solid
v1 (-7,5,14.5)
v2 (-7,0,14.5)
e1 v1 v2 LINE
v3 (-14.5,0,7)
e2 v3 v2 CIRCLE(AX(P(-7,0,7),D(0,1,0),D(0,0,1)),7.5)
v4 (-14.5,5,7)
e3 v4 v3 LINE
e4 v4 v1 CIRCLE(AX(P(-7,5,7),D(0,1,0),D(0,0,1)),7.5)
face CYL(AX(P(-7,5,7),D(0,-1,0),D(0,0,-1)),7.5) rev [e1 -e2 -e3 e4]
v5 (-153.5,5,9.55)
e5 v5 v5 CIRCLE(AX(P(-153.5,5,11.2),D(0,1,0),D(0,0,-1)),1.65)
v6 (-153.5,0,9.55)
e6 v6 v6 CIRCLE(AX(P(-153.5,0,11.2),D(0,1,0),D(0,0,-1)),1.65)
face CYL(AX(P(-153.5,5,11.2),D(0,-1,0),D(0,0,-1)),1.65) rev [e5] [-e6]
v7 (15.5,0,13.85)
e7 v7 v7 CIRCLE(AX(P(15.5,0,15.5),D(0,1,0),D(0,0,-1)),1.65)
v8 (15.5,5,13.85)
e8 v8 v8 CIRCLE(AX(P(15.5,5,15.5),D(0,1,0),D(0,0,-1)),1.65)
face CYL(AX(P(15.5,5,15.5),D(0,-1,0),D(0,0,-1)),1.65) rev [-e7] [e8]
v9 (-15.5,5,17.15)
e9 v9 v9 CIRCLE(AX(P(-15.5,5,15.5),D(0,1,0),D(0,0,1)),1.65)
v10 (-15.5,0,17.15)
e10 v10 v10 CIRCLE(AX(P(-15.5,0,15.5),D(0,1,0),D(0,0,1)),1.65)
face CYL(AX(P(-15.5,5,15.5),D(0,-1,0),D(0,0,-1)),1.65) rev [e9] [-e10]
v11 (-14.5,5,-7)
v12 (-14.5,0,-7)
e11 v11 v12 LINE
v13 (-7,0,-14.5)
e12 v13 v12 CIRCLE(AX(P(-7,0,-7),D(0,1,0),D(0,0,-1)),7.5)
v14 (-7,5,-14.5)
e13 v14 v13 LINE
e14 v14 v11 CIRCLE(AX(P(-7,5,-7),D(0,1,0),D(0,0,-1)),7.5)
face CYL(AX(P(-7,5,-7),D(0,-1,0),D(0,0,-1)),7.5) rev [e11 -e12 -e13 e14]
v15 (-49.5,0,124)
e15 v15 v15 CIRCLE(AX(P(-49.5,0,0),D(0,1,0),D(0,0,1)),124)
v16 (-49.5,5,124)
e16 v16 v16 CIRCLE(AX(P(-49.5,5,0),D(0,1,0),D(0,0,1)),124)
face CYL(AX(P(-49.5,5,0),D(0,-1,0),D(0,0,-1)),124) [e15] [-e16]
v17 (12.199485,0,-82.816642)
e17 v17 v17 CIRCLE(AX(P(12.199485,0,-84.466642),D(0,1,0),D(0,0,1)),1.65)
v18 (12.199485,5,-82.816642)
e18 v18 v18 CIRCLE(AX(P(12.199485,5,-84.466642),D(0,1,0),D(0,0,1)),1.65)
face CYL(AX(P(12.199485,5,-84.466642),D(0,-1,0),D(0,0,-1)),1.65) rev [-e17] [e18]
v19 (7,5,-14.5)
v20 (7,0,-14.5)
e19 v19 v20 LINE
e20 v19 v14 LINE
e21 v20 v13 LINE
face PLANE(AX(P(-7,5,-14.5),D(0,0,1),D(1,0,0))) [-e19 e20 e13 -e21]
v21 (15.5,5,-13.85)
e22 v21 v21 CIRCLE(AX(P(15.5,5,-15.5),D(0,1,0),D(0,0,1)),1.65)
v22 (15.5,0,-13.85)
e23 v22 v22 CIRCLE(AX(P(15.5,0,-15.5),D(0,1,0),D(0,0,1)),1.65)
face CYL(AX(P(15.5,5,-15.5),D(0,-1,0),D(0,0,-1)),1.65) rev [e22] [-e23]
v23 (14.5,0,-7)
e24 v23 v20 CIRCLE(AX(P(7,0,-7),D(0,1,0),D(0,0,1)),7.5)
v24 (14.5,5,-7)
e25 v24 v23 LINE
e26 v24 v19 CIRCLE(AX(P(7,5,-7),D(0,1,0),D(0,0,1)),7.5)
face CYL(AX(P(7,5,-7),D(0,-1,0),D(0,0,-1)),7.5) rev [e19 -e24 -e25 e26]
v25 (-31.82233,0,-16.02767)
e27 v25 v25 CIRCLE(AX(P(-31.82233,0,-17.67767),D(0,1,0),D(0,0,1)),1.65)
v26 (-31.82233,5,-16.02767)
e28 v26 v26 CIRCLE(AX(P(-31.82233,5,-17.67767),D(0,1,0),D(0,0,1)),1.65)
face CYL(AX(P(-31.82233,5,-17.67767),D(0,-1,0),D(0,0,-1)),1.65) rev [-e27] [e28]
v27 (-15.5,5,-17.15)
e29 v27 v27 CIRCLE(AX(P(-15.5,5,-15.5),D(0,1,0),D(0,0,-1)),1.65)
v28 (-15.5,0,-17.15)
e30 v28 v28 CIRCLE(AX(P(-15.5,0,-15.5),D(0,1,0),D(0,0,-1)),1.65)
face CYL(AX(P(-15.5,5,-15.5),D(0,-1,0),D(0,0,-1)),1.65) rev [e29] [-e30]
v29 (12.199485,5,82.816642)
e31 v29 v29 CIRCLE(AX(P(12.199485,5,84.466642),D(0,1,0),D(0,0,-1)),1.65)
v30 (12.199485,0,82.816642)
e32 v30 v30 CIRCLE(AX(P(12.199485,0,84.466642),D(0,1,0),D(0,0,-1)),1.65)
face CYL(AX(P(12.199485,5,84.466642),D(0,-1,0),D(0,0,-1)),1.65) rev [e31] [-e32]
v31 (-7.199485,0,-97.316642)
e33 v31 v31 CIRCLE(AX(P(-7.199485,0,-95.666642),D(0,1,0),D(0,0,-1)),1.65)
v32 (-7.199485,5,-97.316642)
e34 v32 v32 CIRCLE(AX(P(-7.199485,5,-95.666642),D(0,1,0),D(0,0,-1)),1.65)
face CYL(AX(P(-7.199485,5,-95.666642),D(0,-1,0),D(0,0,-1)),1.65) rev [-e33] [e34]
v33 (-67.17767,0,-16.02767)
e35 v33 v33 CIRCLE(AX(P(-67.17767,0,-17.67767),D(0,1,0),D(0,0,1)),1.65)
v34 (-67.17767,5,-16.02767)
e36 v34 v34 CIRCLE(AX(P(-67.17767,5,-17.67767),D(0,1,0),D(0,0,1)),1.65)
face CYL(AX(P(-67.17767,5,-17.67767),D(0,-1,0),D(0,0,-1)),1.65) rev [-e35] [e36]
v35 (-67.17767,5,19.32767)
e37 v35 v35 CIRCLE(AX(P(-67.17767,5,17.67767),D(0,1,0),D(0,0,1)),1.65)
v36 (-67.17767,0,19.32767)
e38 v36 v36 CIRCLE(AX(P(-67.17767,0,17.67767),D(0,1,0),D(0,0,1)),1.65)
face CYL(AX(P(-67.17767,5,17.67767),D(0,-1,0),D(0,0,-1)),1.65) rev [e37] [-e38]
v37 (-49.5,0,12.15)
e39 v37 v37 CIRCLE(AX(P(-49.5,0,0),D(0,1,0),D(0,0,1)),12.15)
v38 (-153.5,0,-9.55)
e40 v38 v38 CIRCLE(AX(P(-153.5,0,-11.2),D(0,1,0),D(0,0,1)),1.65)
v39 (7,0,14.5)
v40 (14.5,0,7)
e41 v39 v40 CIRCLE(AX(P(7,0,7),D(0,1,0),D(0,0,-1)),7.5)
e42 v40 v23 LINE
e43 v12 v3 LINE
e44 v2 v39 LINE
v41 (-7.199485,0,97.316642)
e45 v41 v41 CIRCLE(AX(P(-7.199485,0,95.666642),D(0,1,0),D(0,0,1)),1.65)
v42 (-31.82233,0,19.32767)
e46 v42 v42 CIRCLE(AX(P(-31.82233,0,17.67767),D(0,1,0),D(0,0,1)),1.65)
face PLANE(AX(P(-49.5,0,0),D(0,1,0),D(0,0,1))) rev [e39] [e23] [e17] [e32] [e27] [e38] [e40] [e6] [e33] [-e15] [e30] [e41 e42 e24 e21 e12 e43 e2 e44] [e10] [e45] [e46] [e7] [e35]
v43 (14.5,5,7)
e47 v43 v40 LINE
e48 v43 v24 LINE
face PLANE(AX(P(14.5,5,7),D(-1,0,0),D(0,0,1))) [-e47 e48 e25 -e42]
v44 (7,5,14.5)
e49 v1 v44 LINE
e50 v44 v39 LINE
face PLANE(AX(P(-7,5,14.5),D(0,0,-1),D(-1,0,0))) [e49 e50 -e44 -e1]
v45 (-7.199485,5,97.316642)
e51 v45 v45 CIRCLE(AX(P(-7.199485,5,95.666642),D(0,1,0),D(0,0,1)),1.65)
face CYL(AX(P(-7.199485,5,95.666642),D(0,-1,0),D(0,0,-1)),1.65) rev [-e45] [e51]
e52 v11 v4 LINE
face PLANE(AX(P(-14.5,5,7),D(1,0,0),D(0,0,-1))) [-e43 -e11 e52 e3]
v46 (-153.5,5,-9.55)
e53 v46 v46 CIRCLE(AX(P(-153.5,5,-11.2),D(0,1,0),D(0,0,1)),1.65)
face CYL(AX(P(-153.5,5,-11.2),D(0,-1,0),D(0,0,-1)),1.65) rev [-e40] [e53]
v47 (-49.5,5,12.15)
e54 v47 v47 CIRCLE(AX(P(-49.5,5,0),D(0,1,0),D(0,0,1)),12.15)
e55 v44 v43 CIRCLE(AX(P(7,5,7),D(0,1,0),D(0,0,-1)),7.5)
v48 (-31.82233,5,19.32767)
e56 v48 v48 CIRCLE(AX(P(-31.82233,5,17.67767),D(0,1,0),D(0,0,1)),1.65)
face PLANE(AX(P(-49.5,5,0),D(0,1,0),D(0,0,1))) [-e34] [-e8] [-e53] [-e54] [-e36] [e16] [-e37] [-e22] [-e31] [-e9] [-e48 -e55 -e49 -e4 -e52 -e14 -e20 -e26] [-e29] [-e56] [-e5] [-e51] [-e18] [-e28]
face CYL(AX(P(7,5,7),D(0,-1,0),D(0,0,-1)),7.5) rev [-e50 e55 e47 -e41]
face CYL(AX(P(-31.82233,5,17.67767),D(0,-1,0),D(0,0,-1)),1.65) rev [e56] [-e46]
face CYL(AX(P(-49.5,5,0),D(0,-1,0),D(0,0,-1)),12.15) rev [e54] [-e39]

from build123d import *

# Parameters (mm, degrees)
LASER_HOLES_R       = 124
LASER_HOLES_R_2     = 1.65
LASER_HOLES_R_3     = 12.15
BOSS_EXTRUDE4_DEPTH = 5


with BuildPart() as part:
    # Laser holes → Boss-Extrude4 (new body)
    with BuildSketch(Plane(origin=(0, 0, 0), x_dir=(1, 0, 0), z_dir=(0, 1, 0))):
        with Locations(Location((-49.5, 0, 0), (0, 0, 270))):
            Circle(LASER_HOLES_R)
        with Locations(Location((15.5, 15.5, 0), (0, 0, 270))):
            Circle(LASER_HOLES_R_2, mode=Mode.SUBTRACT)
        with Locations(Location((-15.5, 15.5, 0), (0, 0, 90))):
            Circle(LASER_HOLES_R_2, mode=Mode.SUBTRACT)
        with Locations(Location((-15.5, -15.5, 0), (0, 0, 270))):
            Circle(LASER_HOLES_R_2, mode=Mode.SUBTRACT)
        with Locations(Location((15.5, -15.5, 0), (0, 0, 90))):
            Circle(LASER_HOLES_R_2, mode=Mode.SUBTRACT)
        with Locations(Location((-31.82233047, 17.67766953, 0), (0, 0, 270))):
            Circle(LASER_HOLES_R_2, mode=Mode.SUBTRACT)
        with Locations(Location((-67.17766953, 17.67766953, 0), (0, 0, 270))):
            Circle(LASER_HOLES_R_2, mode=Mode.SUBTRACT)
        with Locations(Location((-67.17766953, -17.67766953, 0), (0, 0, 270))):
            Circle(LASER_HOLES_R_2, mode=Mode.SUBTRACT)
        with Locations(Location((-31.82233047, -17.67766953, 0), (0, 0, 270))):
            Circle(LASER_HOLES_R_2, mode=Mode.SUBTRACT)
        with Locations(Location((-49.5, 0, 0), (0, 0, 270))):
            Circle(LASER_HOLES_R_3, mode=Mode.SUBTRACT)
        with Locations(Location((-153.5, 11.2, 0), (0, 0, 270))):
            Circle(LASER_HOLES_R_2, mode=Mode.SUBTRACT)
        with Locations(Location((-153.5, -11.2, 0), (0, 0, 90))):
            Circle(LASER_HOLES_R_2, mode=Mode.SUBTRACT)
        with Locations(Location((-7.199484522, 95.666641994, 0), (0, 0, 90))):
            Circle(LASER_HOLES_R_2, mode=Mode.SUBTRACT)
        with Locations(Location((12.199484522, 84.466641994, 0), (0, 0, 270))):
            Circle(LASER_HOLES_R_2, mode=Mode.SUBTRACT)
        with Locations(Location((12.199484522, -84.466641994, 0), (0, 0, 90))):
            Circle(LASER_HOLES_R_2, mode=Mode.SUBTRACT)
        with Locations(Location((-7.199484522, -95.666641994, 0), (0, 0, 270))):
            Circle(LASER_HOLES_R_2, mode=Mode.SUBTRACT)
        with BuildLine():
            Line((14.5, -7), (14.5, 7))
            ThreePointArc((14.5, 7), (12.303300859, 12.303300859), (7, 14.5))
            Line((7, 14.5), (-7, 14.5))
            ThreePointArc((-7, 14.5), (-12.303300859, 12.303300859), (-14.5, 7))
            Line((-14.5, 7), (-14.5, -7))
            ThreePointArc((-14.5, -7), (-12.303300859, -12.303300859), (-7, -14.5))
            Line((-7, -14.5), (7, -14.5))
            ThreePointArc((7, -14.5), (12.303300859, -12.303300859), (14.5, -7))
        make_face(mode=Mode.SUBTRACT)
    extrude(amount=BOSS_EXTRUDE4_DEPTH)


solid = part.part
